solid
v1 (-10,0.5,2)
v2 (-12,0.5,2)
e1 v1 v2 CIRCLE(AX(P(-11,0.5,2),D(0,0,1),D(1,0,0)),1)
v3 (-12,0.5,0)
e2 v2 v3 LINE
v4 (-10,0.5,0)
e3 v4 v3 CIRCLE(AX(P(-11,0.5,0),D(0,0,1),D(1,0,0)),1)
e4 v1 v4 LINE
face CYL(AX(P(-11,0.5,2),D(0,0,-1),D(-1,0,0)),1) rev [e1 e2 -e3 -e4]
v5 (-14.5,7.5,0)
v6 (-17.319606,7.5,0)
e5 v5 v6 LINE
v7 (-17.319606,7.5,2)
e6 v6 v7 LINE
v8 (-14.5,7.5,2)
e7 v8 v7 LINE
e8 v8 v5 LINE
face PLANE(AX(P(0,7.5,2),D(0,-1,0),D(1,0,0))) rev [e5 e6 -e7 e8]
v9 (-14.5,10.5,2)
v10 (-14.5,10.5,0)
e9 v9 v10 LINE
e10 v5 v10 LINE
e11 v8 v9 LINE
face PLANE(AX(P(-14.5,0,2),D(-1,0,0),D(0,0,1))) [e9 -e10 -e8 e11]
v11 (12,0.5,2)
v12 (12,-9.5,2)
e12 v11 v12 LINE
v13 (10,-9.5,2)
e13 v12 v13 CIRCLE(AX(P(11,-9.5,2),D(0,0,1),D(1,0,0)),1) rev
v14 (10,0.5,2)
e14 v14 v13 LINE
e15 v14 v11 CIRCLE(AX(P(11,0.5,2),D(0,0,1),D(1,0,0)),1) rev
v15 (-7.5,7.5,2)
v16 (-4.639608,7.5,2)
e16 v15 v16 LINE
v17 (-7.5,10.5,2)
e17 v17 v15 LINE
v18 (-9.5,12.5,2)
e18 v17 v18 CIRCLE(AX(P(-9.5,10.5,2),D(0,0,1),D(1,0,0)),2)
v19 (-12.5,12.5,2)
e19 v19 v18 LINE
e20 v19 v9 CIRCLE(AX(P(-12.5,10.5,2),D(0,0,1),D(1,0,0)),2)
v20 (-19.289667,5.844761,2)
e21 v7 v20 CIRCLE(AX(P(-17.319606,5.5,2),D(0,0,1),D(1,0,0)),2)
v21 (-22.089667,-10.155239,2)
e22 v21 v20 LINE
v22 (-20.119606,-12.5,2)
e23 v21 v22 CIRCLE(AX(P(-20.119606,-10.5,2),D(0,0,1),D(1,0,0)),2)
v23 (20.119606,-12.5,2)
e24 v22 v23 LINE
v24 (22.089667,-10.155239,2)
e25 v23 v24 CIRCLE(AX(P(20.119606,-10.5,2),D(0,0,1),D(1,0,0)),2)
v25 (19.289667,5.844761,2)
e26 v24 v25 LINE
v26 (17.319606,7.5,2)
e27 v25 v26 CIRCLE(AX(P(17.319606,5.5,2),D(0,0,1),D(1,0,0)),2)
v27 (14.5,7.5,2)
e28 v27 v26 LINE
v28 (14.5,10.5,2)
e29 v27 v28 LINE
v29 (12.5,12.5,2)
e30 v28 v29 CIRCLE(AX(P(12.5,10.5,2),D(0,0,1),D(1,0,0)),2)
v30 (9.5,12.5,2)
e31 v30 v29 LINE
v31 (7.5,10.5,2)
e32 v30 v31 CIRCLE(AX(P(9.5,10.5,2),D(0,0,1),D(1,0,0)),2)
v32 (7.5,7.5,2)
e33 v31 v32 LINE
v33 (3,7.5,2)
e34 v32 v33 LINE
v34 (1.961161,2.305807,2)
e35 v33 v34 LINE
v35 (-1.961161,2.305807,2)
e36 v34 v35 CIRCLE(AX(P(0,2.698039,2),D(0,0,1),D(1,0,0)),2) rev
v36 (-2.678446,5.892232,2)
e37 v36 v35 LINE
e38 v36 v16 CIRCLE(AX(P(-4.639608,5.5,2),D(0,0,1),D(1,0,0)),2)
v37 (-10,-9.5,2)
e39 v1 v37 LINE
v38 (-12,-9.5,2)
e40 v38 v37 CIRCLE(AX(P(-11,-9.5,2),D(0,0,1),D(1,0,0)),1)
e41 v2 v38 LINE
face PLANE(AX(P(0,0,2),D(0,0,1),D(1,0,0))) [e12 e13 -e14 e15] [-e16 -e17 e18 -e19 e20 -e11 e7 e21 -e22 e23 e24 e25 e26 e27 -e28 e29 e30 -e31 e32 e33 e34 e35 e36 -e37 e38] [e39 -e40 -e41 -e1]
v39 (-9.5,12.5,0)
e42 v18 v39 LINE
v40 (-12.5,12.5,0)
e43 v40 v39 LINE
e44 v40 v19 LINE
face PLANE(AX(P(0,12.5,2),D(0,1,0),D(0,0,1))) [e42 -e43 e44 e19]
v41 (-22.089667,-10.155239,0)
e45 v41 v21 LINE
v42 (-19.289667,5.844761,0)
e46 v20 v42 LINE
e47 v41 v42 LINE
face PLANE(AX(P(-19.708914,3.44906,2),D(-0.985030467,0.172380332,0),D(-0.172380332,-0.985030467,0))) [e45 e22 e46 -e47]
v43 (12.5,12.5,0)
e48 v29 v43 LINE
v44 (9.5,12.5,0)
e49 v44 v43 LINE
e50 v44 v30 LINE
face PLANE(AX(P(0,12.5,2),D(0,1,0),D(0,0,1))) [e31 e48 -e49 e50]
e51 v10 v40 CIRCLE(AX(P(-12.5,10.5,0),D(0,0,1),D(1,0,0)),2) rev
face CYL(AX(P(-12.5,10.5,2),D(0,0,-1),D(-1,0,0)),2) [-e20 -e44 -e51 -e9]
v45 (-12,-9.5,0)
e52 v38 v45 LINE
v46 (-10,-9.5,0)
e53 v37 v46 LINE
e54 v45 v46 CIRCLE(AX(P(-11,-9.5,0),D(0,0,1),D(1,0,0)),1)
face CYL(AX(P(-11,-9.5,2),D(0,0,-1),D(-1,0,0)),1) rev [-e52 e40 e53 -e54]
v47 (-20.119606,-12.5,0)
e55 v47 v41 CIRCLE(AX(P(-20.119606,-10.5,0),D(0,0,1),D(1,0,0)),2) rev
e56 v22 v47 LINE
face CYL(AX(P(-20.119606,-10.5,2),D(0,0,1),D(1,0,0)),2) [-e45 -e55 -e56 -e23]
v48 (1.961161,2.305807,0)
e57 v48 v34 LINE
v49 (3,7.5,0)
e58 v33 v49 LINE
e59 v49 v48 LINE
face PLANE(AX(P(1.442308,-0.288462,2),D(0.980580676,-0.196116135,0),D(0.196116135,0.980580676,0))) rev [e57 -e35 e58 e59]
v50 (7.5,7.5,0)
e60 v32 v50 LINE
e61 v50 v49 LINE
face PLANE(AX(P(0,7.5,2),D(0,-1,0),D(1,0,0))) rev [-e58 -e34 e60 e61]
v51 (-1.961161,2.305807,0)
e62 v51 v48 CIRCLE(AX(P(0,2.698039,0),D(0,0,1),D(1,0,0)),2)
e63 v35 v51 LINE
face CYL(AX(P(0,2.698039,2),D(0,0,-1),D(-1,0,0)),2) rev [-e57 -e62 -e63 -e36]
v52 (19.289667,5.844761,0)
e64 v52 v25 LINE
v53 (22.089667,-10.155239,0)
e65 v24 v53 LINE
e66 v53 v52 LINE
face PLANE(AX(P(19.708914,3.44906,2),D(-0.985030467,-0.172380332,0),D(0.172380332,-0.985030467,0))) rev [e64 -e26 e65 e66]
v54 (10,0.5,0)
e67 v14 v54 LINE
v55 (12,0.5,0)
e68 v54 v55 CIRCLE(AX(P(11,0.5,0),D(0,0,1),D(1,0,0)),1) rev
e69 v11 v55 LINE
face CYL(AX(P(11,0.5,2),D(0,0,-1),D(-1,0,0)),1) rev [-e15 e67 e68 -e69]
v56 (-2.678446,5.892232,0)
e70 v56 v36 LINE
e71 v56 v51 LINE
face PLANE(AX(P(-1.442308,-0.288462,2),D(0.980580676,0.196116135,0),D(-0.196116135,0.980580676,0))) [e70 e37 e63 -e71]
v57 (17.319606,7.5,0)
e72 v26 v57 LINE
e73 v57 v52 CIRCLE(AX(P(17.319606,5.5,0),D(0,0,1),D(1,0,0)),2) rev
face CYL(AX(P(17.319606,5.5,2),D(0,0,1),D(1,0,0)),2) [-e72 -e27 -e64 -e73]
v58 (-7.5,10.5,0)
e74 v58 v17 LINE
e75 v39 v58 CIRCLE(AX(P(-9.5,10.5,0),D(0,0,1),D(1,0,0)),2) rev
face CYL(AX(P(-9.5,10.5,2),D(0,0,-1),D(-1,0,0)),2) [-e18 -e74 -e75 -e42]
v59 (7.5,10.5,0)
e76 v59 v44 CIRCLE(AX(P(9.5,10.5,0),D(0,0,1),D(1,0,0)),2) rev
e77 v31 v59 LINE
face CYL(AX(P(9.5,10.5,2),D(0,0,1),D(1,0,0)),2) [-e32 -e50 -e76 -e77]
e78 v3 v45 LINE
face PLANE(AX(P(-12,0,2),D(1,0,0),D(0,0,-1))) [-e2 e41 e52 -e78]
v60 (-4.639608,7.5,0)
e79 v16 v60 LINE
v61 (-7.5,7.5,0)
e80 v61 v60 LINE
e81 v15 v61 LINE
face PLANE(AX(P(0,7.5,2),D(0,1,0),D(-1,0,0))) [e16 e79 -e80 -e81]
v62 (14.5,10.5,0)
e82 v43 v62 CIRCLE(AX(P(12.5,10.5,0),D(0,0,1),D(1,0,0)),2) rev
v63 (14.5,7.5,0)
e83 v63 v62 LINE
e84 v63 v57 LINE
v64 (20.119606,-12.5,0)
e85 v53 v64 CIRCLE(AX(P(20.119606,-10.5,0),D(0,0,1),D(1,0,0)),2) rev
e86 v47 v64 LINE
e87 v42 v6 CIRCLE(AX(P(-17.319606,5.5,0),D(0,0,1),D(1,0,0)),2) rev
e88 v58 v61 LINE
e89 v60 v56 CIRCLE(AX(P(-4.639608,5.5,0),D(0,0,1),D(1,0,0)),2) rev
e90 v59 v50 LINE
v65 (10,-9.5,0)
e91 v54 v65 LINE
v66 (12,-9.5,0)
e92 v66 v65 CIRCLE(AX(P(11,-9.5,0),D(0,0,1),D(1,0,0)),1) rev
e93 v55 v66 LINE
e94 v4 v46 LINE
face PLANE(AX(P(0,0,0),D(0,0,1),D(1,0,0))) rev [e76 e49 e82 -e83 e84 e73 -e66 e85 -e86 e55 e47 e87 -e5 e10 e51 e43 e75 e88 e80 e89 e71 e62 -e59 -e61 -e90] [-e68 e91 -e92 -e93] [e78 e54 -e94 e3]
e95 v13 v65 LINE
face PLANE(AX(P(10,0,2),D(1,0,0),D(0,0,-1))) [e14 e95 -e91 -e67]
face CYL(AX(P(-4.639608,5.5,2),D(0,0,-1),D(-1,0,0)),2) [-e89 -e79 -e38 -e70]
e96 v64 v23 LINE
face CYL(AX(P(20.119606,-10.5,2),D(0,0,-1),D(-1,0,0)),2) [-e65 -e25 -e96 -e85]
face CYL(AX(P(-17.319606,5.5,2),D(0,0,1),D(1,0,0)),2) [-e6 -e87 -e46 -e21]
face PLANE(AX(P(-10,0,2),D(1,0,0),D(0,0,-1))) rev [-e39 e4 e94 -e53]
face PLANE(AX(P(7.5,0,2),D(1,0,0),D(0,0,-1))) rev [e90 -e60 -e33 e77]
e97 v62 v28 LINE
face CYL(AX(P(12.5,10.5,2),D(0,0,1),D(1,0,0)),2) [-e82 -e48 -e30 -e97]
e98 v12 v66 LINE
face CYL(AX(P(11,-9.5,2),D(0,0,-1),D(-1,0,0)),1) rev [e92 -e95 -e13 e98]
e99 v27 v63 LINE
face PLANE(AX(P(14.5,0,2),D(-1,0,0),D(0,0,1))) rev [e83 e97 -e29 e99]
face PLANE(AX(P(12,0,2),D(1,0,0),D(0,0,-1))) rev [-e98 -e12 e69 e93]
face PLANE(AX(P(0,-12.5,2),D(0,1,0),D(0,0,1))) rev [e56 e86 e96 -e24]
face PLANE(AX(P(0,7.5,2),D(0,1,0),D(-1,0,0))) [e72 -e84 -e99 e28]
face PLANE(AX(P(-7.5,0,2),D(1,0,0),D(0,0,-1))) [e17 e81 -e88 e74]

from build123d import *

# Parameters (mm, degrees)
RESSALTO_EXTRUS_O1_DEPTH = 2
FILETE1_R                = 2


with BuildPart() as part:
    # Esboço1 → Ressalto-extrusão1 (new body)
    with BuildSketch(Plane.XY):
        Polygon((-7.5, 12.5), (-14.5, 12.5), (-14.5, 7.5), (-19, 7.5), (-22.5, -12.5), (22.5, -12.5), (19, 7.5), (14.5, 7.5), (14.5, 12.5), (7.5, 12.5), (7.5, 7.5), (3, 7.5), (0, -7.5), (-3, 7.5), (-7.5, 7.5), align=None)
        with BuildLine():
            ThreePointArc((-12, 0.5), (-11, 1.5), (-10, 0.5))
            Line((-10, 0.5), (-10, -9.5))
            ThreePointArc((-10, -9.5), (-11, -10.5), (-12, -9.5))
            Line((-12, -9.5), (-12, 0.5))
        make_face(mode=Mode.SUBTRACT)
        with BuildLine():
            Line((10, -9.5), (10, 0.5))
            ThreePointArc((10, 0.5), (11, 1.5), (12, 0.5))
            Line((12, 0.5), (12, -9.5))
            ThreePointArc((12, -9.5), (11, -10.5), (10, -9.5))
        make_face(mode=Mode.SUBTRACT)
    extrude(amount=RESSALTO_EXTRUS_O1_DEPTH)

    # Filete1
    filete1_edges = [part.edges().sort_by_distance(p)[0] for p in [
        (-22.5, -12.5, 1),
        (-19, 7.5, 1),
        (-14.5, 12.5, 1),
        (-7.5, 12.5, 1),
        (-3, 7.5, 1),
        (0, -7.5, 1),
        (7.5, 12.5, 1),
        (14.5, 12.5, 1),
        (19, 7.5, 1),
        (22.5, -12.5, 1),
    ]]
    fillet(filete1_edges, radius=FILETE1_R)


solid = part.part
